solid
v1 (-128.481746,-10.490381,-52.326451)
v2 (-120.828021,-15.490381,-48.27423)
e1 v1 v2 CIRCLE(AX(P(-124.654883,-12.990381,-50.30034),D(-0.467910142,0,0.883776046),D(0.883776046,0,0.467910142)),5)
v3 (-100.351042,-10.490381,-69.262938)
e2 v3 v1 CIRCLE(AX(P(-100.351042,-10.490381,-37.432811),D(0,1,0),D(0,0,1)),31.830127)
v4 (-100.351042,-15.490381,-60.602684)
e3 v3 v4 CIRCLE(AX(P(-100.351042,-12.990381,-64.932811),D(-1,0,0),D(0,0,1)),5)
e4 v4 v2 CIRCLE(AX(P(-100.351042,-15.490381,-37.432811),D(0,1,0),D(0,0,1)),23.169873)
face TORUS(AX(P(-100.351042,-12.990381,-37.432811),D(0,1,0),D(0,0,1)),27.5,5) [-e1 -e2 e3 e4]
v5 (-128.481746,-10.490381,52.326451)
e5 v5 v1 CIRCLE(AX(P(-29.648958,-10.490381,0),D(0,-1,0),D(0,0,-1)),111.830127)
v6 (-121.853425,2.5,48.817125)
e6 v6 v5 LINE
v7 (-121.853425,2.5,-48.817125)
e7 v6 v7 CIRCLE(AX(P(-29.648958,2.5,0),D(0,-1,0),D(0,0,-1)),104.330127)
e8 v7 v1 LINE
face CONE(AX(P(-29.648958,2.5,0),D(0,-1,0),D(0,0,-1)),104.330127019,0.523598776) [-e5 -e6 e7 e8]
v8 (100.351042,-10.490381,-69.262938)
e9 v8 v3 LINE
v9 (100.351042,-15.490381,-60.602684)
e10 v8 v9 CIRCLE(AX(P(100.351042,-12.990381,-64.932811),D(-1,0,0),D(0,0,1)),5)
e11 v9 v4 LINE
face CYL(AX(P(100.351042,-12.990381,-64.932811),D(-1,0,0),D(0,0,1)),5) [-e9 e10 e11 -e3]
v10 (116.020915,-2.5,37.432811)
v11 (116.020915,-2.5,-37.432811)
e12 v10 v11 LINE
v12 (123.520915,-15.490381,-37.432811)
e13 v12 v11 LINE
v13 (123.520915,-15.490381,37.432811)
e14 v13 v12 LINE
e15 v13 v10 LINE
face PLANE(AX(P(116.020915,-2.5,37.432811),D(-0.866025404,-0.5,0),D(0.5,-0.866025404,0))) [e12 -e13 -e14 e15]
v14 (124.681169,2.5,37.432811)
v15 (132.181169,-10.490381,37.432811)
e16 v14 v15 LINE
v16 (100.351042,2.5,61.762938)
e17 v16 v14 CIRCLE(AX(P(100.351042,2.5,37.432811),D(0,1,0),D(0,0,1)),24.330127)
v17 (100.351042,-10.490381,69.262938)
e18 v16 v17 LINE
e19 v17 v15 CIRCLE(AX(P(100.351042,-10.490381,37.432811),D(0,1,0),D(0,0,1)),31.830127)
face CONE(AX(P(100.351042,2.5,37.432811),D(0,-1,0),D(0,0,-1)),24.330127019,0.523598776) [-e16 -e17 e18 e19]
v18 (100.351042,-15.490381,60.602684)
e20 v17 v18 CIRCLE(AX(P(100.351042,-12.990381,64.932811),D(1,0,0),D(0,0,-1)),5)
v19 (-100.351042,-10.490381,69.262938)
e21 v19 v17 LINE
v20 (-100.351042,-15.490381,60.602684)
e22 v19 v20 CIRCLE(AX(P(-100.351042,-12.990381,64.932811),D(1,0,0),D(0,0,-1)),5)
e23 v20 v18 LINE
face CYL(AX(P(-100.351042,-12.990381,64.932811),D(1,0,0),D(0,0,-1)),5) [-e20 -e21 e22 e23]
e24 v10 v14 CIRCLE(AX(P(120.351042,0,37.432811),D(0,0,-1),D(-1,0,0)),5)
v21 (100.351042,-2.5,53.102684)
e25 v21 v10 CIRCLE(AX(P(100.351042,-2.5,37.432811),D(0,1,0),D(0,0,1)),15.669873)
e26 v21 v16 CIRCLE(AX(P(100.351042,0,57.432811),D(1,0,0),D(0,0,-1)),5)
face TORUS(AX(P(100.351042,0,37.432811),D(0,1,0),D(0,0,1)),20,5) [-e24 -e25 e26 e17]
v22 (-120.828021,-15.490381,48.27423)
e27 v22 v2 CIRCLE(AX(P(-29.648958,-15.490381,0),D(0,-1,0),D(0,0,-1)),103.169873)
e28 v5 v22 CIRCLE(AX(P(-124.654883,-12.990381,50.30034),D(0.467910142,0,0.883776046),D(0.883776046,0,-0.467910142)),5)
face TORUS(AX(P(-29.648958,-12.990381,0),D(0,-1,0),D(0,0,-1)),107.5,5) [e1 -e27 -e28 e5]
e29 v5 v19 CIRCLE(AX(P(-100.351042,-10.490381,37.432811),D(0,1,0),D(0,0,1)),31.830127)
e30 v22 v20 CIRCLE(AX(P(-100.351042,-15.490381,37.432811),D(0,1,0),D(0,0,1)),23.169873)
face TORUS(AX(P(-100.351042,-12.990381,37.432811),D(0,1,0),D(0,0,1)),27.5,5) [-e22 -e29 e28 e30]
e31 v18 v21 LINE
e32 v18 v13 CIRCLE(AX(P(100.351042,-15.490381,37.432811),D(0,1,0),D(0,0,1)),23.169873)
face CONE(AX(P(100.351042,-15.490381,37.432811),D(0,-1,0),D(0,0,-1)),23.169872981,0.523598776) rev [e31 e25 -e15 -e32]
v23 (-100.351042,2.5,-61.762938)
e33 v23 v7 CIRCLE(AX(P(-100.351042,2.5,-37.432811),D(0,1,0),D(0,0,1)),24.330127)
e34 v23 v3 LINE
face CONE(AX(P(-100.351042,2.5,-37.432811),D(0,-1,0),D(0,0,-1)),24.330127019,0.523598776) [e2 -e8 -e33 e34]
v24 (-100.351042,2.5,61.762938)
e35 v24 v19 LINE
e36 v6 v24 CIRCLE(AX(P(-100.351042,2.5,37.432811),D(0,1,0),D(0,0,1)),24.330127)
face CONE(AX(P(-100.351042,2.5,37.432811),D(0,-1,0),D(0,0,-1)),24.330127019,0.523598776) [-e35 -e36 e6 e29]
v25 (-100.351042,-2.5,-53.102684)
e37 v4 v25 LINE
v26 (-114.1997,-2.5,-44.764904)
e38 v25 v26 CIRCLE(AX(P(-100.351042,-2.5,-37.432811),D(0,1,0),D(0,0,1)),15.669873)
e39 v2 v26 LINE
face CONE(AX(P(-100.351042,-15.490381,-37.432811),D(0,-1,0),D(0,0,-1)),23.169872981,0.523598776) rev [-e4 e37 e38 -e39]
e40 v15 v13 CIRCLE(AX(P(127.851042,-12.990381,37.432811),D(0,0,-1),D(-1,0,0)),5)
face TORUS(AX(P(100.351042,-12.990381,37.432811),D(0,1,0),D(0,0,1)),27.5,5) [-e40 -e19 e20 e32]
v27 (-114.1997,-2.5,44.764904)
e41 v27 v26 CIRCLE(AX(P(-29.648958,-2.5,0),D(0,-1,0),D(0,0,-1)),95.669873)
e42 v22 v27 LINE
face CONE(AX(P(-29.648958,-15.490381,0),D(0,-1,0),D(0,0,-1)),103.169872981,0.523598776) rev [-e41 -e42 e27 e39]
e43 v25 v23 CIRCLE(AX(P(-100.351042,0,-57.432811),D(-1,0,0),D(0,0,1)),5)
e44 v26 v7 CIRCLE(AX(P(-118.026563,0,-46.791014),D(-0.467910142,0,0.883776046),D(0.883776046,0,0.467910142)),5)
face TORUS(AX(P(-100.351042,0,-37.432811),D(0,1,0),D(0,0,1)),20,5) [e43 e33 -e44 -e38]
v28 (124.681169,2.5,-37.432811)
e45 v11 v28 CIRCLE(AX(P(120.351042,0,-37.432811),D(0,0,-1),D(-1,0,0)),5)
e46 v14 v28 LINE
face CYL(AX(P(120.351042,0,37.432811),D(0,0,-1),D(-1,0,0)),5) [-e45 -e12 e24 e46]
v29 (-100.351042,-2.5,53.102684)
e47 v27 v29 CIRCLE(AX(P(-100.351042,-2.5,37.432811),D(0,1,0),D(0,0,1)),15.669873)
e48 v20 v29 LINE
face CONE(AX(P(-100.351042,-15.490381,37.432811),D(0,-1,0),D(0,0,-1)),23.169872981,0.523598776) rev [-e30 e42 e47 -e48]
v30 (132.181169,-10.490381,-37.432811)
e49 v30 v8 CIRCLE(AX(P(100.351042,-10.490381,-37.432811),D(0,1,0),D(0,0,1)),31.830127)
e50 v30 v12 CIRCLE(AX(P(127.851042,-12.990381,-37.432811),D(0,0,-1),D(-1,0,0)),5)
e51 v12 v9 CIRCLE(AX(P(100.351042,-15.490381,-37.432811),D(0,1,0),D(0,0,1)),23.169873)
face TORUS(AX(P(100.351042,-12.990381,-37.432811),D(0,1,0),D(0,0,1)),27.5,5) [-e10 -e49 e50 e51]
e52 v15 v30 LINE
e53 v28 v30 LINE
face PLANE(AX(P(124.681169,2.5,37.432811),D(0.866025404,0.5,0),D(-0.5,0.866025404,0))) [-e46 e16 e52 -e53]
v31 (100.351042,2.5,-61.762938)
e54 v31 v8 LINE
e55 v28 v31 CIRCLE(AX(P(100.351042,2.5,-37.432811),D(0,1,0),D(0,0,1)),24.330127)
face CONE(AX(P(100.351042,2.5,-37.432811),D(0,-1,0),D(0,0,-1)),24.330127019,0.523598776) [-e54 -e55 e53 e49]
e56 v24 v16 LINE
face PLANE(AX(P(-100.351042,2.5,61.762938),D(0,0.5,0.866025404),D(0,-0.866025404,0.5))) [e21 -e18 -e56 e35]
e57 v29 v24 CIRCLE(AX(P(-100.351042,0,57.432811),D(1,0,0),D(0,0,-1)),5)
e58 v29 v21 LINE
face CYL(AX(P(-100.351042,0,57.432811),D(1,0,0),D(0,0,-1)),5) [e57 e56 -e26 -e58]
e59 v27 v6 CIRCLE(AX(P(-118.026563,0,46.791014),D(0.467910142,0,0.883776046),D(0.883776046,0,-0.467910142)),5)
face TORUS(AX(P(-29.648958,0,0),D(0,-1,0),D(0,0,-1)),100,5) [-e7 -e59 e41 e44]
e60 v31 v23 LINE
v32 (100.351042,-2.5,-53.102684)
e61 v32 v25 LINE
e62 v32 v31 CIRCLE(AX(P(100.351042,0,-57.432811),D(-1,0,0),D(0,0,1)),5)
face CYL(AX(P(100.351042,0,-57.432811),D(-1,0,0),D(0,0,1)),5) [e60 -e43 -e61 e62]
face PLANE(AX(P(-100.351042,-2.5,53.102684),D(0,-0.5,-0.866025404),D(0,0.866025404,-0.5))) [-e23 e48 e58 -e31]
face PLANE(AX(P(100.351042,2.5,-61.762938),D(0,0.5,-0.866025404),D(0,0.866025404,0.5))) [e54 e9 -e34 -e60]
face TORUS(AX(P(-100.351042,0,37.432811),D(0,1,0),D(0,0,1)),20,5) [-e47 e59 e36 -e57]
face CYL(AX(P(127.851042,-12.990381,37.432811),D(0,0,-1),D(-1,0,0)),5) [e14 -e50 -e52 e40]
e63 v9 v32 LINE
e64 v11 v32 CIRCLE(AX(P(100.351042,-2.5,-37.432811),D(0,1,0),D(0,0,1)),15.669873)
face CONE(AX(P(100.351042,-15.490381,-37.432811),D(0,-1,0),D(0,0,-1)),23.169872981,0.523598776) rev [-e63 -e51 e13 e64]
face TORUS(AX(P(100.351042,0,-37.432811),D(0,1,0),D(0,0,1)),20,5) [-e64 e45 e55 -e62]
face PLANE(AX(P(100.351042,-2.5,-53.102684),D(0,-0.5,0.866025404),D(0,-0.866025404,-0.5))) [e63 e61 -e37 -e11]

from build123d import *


with BuildPart() as part:
    # Austragung2: sweep along a path in Skizze1
    with BuildLine(Plane(origin=(0, 0, 0), x_dir=(1, 0, 0), z_dir=(0, 1, 0))) as austragung2_path:
        Line((-100.35104183, -57.432811357), (100.35104183, -57.432811357))
        ThreePointArc((100.35104183, -57.432811357), (114.493177454, -51.574946981), (120.35104183, -37.432811357))
        Line((120.35104183, -37.432811357), (120.35104183, 37.432811357))
        ThreePointArc((120.35104183, 37.432811357), (114.493177454, 51.574946981), (100.35104183, 57.432811357))
        Line((100.35104183, 57.432811357), (-100.35104183, 57.432811357))
        ThreePointArc((-100.35104183, 57.432811357), (-110.666950496, 54.567046922), (-118.026562745, 46.791014197))
        ThreePointArc((-118.026562745, 46.791014197), (-129.64895817, 0), (-118.026562745, -46.791014197))
        ThreePointArc((-118.026562745, -46.791014197), (-110.666950496, -54.567046922), (-100.35104183, -57.432811357))
    # Skizze2 → Austragung2 (sweep)
    with BuildSketch(Plane.XY):
        with BuildLine():
            Line((-125.318831151, -2.5), (-132.818831151, -15.490381057))
            ThreePointArc((-132.818831151, -15.490381057), (-139.64895817, -17.320508076), (-141.479085189, -10.490381057))
            Line((-141.479085189, -10.490381057), (-133.979085189, 2.5))
            ThreePointArc((-133.979085189, 2.5), (-127.14895817, 4.330127019), (-125.318831151, -2.5))
        make_face()
    sweep(path=austragung2_path.line)


solid = part.part
